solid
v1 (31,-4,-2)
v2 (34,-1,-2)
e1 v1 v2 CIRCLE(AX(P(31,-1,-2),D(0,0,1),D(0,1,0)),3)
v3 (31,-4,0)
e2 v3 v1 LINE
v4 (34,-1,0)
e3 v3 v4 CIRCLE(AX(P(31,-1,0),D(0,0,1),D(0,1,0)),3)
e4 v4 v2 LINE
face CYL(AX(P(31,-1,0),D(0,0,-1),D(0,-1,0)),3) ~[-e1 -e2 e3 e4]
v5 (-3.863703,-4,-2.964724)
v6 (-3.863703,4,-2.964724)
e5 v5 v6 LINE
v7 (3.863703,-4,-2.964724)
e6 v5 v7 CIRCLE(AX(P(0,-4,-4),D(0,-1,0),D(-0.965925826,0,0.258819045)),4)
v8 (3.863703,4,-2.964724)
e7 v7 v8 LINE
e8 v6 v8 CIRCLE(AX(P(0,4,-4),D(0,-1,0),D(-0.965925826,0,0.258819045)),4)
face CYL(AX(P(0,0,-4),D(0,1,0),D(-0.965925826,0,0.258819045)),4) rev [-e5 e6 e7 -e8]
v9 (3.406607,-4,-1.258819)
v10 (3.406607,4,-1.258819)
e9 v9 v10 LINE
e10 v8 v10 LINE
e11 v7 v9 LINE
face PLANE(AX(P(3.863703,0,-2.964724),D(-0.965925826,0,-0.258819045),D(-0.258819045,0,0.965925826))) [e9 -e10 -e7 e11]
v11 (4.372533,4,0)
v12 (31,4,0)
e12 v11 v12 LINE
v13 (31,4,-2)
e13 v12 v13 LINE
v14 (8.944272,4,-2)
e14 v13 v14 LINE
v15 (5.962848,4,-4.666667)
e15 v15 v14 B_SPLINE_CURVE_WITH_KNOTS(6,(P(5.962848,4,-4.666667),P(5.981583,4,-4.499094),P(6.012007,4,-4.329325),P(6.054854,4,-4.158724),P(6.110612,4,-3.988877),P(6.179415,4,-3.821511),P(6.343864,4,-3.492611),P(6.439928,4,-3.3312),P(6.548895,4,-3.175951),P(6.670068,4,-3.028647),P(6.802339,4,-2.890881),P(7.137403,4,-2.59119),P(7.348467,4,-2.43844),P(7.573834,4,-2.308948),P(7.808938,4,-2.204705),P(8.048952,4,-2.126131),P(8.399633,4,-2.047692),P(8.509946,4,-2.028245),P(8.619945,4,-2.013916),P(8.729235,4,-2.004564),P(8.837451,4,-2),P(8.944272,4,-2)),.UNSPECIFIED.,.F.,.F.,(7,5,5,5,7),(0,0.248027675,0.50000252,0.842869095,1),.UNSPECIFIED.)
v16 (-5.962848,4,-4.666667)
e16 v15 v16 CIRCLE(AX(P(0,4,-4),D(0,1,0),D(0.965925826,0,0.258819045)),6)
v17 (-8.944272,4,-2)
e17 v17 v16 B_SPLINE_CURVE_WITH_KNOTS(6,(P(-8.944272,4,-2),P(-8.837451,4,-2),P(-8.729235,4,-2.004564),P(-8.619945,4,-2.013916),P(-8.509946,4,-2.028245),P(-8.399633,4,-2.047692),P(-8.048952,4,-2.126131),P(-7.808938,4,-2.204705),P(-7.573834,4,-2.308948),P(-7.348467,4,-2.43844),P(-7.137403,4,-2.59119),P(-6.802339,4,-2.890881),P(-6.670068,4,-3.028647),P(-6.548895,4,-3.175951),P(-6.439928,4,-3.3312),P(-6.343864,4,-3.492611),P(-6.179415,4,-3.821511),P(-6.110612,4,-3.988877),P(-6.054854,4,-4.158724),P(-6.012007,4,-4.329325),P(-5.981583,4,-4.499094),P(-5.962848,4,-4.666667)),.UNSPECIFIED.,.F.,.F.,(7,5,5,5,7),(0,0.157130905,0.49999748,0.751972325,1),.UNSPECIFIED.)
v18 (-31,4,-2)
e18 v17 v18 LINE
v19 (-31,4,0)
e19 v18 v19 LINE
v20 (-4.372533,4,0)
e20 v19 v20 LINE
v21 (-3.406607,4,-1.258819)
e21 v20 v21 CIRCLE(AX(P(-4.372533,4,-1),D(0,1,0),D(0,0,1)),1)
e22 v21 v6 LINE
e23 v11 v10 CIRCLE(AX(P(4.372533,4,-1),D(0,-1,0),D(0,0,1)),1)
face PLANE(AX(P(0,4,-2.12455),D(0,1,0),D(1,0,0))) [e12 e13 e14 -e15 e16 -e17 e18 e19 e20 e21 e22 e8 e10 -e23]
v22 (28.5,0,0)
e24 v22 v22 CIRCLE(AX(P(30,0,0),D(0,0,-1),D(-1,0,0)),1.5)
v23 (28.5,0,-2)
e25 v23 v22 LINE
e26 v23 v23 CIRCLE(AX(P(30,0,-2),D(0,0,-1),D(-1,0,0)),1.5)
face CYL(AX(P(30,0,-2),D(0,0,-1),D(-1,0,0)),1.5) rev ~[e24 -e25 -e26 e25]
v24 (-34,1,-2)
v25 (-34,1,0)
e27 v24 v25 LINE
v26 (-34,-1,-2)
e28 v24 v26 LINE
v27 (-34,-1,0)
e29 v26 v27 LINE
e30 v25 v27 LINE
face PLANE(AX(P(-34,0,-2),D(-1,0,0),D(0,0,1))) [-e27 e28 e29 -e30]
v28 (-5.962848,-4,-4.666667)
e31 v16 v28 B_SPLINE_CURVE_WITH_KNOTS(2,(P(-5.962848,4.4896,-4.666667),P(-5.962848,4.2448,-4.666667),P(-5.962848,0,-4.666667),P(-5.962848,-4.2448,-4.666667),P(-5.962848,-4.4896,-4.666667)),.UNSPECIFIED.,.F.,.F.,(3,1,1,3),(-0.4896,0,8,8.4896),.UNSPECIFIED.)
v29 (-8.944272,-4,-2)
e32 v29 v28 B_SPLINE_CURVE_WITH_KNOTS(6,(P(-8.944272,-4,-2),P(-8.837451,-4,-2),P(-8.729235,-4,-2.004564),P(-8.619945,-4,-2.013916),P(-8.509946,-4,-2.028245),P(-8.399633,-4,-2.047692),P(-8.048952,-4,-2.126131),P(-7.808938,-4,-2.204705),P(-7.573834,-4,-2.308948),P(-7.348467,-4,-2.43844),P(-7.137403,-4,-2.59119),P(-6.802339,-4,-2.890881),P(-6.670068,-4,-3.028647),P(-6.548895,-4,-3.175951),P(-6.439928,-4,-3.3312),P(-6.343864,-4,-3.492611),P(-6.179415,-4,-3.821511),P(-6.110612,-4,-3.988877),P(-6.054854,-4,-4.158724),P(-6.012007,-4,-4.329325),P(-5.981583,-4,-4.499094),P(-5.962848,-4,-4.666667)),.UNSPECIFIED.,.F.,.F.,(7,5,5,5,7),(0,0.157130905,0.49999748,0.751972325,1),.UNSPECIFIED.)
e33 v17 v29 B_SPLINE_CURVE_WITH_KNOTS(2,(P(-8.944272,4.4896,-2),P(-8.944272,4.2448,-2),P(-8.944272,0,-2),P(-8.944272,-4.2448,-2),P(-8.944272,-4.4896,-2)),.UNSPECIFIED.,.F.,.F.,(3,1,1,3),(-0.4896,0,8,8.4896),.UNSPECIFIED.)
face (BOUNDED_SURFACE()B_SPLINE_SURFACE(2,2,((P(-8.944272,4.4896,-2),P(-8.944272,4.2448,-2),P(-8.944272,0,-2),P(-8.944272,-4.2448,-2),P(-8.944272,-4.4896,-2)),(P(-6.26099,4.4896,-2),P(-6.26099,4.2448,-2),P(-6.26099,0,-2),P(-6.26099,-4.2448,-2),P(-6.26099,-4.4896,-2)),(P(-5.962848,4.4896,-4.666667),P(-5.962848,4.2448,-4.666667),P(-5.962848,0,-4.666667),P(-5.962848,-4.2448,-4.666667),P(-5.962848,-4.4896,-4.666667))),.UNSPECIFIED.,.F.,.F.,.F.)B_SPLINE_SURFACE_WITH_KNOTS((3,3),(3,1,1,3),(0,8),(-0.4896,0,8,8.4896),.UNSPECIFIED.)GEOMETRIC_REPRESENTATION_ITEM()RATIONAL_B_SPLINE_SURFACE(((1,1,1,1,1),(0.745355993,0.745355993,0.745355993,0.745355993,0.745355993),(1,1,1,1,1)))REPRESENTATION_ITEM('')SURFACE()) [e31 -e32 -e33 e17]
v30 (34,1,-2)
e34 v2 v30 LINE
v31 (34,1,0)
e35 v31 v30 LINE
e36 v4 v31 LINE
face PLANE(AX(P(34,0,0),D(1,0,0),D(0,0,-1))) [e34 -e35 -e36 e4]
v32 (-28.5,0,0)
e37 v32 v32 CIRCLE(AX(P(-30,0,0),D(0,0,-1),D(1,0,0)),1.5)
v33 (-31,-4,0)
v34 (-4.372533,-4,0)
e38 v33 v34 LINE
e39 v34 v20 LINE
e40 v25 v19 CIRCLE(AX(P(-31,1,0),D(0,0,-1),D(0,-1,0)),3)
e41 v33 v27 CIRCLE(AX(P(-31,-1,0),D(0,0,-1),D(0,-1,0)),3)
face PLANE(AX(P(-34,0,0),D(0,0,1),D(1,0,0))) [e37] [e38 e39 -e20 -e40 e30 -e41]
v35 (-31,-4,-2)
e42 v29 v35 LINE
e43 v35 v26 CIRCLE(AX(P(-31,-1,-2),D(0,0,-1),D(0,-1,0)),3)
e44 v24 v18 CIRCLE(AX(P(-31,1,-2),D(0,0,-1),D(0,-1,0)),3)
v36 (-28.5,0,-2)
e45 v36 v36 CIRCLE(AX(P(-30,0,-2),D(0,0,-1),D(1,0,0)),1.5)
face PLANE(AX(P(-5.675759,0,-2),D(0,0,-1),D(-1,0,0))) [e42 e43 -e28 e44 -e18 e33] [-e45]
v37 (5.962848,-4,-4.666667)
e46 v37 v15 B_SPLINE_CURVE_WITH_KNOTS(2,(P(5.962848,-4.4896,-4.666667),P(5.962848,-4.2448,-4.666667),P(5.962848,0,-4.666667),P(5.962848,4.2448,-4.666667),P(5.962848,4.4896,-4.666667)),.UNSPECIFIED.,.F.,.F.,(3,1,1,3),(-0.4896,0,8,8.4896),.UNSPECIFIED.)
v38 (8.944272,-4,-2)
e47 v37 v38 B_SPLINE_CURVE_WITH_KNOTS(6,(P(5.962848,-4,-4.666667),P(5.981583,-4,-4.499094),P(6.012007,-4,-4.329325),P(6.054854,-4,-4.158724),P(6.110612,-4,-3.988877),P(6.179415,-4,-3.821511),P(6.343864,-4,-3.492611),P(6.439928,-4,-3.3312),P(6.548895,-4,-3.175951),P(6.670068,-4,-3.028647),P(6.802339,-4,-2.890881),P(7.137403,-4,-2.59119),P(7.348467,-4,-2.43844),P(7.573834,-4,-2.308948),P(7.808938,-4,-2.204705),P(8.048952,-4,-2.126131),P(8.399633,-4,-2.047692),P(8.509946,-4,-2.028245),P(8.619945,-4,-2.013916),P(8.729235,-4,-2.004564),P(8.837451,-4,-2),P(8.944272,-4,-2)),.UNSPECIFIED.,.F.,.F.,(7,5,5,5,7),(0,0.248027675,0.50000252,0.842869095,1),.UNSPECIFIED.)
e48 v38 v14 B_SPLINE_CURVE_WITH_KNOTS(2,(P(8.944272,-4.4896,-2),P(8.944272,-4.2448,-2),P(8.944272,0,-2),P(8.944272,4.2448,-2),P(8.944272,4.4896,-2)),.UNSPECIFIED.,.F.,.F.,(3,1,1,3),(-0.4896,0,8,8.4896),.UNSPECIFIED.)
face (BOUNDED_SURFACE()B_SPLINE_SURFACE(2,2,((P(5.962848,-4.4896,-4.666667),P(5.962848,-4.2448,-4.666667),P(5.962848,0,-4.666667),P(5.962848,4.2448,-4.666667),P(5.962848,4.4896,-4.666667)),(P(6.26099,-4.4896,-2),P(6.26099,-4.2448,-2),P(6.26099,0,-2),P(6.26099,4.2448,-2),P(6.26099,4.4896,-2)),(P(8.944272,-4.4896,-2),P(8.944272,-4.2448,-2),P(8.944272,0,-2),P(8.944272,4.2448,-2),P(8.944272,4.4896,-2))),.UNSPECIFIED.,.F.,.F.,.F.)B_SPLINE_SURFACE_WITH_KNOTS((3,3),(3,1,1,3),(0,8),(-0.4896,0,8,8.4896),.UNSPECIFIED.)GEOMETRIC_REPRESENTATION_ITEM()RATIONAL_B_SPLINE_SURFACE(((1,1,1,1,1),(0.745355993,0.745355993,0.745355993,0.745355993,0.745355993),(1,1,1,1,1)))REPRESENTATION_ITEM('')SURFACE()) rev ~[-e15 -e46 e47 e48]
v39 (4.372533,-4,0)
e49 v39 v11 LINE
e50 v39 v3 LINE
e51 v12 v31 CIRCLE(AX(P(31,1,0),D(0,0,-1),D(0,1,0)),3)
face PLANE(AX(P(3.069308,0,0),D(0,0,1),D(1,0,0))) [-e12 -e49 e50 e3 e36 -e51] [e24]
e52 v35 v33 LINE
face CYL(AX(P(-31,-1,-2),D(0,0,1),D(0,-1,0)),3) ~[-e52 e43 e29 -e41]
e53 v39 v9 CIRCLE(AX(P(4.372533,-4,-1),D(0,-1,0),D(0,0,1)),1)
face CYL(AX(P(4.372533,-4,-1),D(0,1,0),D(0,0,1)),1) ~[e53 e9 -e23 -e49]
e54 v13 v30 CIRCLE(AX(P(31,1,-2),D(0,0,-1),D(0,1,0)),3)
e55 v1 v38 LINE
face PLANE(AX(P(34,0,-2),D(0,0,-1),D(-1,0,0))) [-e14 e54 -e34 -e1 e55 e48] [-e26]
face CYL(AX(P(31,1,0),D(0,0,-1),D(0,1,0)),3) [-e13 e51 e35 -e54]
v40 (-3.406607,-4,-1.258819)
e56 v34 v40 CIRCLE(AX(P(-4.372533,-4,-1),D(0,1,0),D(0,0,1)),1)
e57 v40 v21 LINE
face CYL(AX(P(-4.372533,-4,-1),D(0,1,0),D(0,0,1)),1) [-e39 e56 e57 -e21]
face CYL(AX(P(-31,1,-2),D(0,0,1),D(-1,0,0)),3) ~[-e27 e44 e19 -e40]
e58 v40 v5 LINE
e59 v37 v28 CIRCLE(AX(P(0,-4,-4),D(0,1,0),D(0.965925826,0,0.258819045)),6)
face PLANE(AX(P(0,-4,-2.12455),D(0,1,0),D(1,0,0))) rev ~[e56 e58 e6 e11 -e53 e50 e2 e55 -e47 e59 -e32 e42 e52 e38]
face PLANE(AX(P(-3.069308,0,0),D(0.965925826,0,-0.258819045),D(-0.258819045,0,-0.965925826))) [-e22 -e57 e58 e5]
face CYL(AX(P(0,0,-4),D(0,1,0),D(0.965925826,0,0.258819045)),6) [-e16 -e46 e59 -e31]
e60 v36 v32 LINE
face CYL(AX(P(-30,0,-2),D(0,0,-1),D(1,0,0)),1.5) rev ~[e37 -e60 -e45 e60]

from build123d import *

# Parameters (mm, degrees)
EXTRU_MINCE1_DEPTH      = 4
CONG_1_R                = 1
CONG_2_R                = 3
ESQUISSE2_R             = 1.5
ENL_V_MAT_EXTRU_1_DEPTH = 36.156791793


with BuildPart() as part:
    # Esquisse1 → Extru.-Mince1 (new, symmetric)
    with BuildSketch(Plane(origin=(0, 0, 0), x_dir=(1, 0, 0), z_dir=(0, 1, 0))):
        with BuildLine():
            Line((-34, 0), (-3.069307952, 0))
            Line((-3.069307952, 0), (-3.863703305, 2.96472382))
            ThreePointArc((-3.863703305, 2.96472382), (0, 8), (3.863703305, 2.96472382))
            Line((3.863703305, 2.96472382), (3.069307952, 0))
            Line((3.069307952, 0), (34, 0))
            Line((34, 0), (34, 2))
            Line((34, 2), (5.675758698, 2))
            Line((5.675758698, 2), (5.795554958, 2.447085729))
            ThreePointArc((5.795554958, 2.447085729), (0, 10), (-5.795554958, 2.447085729))
            Line((-5.795554958, 2.447085729), (-5.675758698, 2))
            Line((-5.675758698, 2), (-34, 2))
            Line((-34, 2), (-34, 0))
        make_face()
    extrude(amount=EXTRU_MINCE1_DEPTH, both=True)

    # Congé1
    cong_1_edges = [part.edges().sort_by_distance(p)[0] for p in [
        (3.069307952, 0, 0),
        (-3.069307952, 0, 0),
    ]]
    fillet(cong_1_edges, radius=CONG_1_R)

    # Congé2
    cong_2_edges = [part.edges().sort_by_distance(p)[0] for p in [
        (34, -4, -1),
        (34, 4, -1),
        (5.675758698, 0, -2),
        (-34, -4, -1),
        (-34, 4, -1),
        (-5.675758698, 0, -2),
    ]]
    fillet(cong_2_edges, radius=CONG_2_R)

    # Esquisse2 → Enlèv. mat.-Extru.1 (cut, through all)
    with BuildSketch(Plane(origin=(0, 0, -2), x_dir=(-1, 0, 0), z_dir=(0, 0, -1))):
        with Locations((-30, 0)):
            Circle(ESQUISSE2_R)
        with Locations(Location((30, 0, 0), (0, 0, 180))):
            Circle(ESQUISSE2_R)
    extrude(amount=-ENL_V_MAT_EXTRU_1_DEPTH, mode=Mode.SUBTRACT)


solid = part.part
